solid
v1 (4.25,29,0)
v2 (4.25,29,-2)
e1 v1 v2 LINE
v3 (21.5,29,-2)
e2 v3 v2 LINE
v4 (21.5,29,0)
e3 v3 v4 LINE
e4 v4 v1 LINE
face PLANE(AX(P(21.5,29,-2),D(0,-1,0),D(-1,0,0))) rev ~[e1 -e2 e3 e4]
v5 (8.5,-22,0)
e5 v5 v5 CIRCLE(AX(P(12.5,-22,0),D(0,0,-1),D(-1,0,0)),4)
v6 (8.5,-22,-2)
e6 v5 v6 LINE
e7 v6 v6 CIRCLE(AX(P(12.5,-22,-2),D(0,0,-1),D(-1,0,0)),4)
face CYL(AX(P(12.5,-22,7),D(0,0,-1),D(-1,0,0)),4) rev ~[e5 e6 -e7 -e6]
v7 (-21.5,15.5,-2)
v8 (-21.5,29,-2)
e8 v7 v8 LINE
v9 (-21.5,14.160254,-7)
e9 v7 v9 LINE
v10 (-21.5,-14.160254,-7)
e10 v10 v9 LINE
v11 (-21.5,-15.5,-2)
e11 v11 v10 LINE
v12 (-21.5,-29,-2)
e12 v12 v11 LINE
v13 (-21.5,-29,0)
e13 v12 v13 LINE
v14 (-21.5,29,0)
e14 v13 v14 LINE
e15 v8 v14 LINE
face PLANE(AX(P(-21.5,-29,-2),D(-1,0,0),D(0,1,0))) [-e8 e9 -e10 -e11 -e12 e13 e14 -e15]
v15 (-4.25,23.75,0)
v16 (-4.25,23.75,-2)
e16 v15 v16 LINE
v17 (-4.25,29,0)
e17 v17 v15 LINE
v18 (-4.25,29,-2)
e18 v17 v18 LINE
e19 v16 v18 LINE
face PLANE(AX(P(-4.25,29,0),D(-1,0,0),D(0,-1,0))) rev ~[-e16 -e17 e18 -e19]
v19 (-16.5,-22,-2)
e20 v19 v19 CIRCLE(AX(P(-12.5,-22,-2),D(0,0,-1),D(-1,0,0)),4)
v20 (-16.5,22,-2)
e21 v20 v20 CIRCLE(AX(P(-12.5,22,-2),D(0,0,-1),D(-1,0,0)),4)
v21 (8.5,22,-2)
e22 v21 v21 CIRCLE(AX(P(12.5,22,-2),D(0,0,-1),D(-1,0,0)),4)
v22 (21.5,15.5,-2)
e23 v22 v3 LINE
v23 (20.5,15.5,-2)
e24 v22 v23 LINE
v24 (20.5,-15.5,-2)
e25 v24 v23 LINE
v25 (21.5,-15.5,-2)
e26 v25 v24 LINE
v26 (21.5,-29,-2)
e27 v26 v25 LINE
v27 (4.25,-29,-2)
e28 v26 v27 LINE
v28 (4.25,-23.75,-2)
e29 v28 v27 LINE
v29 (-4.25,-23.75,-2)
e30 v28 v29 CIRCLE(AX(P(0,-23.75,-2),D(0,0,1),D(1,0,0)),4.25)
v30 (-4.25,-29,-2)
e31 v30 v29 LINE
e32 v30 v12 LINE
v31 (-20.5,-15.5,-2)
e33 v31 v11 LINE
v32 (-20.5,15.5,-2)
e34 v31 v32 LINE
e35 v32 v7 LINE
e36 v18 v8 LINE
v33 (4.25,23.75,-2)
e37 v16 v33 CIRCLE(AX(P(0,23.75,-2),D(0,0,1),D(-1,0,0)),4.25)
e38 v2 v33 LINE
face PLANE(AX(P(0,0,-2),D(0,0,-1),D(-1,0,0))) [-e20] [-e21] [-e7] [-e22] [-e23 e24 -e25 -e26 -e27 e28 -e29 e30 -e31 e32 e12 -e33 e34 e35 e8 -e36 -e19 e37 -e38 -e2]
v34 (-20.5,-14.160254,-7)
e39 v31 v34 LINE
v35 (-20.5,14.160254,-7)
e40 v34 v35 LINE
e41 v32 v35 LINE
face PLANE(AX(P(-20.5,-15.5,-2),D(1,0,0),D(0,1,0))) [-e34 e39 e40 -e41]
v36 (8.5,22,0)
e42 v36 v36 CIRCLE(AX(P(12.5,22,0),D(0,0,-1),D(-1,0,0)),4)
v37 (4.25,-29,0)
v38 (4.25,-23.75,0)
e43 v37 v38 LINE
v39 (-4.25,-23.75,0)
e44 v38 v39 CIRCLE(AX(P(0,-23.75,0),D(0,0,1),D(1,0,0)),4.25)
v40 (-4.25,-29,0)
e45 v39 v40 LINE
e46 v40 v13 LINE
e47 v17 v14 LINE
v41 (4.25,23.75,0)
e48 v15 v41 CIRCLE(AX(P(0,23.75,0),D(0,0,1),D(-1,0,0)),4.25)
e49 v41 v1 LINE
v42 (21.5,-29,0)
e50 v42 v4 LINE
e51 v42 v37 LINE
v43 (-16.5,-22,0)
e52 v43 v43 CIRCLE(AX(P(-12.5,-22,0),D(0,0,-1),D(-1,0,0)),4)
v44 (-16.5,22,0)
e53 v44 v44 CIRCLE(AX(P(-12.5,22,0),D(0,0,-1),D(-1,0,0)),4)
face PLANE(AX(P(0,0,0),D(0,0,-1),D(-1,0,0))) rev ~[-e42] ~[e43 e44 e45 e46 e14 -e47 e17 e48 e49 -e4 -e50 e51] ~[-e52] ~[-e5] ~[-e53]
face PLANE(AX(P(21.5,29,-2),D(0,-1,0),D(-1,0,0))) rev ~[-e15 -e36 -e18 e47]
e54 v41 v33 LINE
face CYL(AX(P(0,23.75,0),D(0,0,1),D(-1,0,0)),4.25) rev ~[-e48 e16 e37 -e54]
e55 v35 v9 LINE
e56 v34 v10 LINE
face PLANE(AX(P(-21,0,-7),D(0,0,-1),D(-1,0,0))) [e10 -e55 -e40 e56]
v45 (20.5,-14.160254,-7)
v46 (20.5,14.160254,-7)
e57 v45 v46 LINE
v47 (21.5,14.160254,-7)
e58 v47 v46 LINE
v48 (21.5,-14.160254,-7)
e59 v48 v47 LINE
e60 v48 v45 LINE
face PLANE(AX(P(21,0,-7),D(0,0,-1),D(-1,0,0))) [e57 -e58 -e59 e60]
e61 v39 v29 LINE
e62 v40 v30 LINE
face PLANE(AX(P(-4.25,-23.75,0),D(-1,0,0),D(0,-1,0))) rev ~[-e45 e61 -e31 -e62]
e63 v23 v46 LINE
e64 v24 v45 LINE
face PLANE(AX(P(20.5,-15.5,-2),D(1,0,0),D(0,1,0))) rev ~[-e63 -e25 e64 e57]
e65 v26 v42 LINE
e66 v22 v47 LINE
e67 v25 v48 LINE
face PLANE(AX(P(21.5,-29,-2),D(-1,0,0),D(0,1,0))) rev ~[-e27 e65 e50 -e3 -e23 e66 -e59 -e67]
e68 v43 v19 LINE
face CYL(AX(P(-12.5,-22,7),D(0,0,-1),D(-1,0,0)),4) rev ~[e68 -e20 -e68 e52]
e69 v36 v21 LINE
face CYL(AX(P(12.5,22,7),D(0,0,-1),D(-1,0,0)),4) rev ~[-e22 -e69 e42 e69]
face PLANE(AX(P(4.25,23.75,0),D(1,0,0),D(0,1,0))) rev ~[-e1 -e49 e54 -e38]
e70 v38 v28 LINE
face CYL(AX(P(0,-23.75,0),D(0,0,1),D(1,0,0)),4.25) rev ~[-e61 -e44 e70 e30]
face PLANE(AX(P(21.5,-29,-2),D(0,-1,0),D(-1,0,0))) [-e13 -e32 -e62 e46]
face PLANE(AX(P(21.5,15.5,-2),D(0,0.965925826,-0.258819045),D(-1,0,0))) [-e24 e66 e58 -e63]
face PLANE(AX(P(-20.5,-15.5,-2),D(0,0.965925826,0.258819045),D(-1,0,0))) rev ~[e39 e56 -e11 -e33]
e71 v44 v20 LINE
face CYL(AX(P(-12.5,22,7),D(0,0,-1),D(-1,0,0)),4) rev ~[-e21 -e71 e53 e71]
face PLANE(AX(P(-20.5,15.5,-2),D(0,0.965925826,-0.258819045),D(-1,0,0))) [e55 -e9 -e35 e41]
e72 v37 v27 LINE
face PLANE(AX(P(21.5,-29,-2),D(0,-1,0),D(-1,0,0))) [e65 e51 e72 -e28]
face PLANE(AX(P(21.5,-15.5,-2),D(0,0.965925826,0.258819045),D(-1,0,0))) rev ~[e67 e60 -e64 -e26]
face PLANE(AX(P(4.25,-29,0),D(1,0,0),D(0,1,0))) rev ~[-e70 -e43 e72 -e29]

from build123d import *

# Parameters (mm, degrees)
SKETCH1_W                    = 43
SKETCH1_H                    = 58
BOSS_EXTRUDE1_DEPTH          = 2
CUT_EXTRUDE1_DEPTH           = 3
CUT_EXTRUDE2_DEPTH           = 3
SKETCH4_W                    = 1
SKETCH4_H                    = 31
BOSS_EXTRUDE2_DEPTH          = 5
SKETCH5_W                    = 1
SKETCH5_H                    = 31
BOSS_EXTRUDE3_DEPTH          = 5
DRAFT1_ANGLE                 = 15
F_8_0_8_DIAMETER_HOLE1_D     = 8
F_8_0_8_DIAMETER_HOLE1_DEPTH = 7


with BuildPart() as part:
    # Sketch1 → Boss-Extrude1 (new body)
    with BuildSketch(Plane(origin=(0, 0, -2), x_dir=(-1, 0, 0), z_dir=(0, 0, -1))):
        Rectangle(SKETCH1_W, SKETCH1_H)
    extrude(amount=-BOSS_EXTRUDE1_DEPTH)

    # Sketch2 → Cut-Extrude1 (cut, through all)
    with BuildSketch(Plane.XY):
        with BuildLine():
            Line((4.25, 29), (-4.25, 29))
            Line((-4.25, 29), (-4.25, 23.75))
            ThreePointArc((-4.25, 23.75), (0, 19.5), (4.25, 23.75))
            Line((4.25, 23.75), (4.25, 29))
        make_face()
    extrude(amount=-CUT_EXTRUDE1_DEPTH, mode=Mode.SUBTRACT)

    # Sketch3 → Cut-Extrude2 (cut, through all)
    with BuildSketch(Plane.XY):
        with BuildLine():
            Line((-4.25, -29), (4.25, -29))
            Line((4.25, -29), (4.25, -23.75))
            ThreePointArc((4.25, -23.75), (0, -19.5), (-4.25, -23.75))
            Line((-4.25, -23.75), (-4.25, -29))
        make_face()
    extrude(amount=-CUT_EXTRUDE2_DEPTH, mode=Mode.SUBTRACT)

    # Sketch4 → Boss-Extrude2 (add)
    with BuildSketch(Plane(origin=(0, 0, -2), x_dir=(-1, 0, 0), z_dir=(0, 0, -1))):
        with Locations((-21, 0)):
            Rectangle(SKETCH4_W, SKETCH4_H)
    extrude(amount=BOSS_EXTRUDE2_DEPTH)

    # Sketch5 → Boss-Extrude3 (add)
    with BuildSketch(Plane(origin=(0, 0, -2), x_dir=(-1, 0, 0), z_dir=(0, 0, -1))):
        with Locations((21, 0)):
            Rectangle(SKETCH5_W, SKETCH5_H)
    extrude(amount=BOSS_EXTRUDE3_DEPTH)

    # Draft1
    draft1_faces = [part.faces().sort_by_distance(p)[0] for p in [
        (21, -15.5, -4.5),
        (21, 15.5, -4.5),
        (-21, 15.5, -4.5),
        (-21, -15.5, -4.5),
    ]]
    draft(draft1_faces, Plane(origin=(0, 0, -2), x_dir=(-1, 0, 0), z_dir=(0, 0, -1)), DRAFT1_ANGLE)

    # Ø8.0 (8) Diameter Hole1
    with Locations(Plane.XY):
        with Locations((12.5, 22), (-12.5, 22), (-12.5, -22), (12.5, -22)):
            Hole(F_8_0_8_DIAMETER_HOLE1_D / 2, depth=F_8_0_8_DIAMETER_HOLE1_DEPTH)


solid = part.part
